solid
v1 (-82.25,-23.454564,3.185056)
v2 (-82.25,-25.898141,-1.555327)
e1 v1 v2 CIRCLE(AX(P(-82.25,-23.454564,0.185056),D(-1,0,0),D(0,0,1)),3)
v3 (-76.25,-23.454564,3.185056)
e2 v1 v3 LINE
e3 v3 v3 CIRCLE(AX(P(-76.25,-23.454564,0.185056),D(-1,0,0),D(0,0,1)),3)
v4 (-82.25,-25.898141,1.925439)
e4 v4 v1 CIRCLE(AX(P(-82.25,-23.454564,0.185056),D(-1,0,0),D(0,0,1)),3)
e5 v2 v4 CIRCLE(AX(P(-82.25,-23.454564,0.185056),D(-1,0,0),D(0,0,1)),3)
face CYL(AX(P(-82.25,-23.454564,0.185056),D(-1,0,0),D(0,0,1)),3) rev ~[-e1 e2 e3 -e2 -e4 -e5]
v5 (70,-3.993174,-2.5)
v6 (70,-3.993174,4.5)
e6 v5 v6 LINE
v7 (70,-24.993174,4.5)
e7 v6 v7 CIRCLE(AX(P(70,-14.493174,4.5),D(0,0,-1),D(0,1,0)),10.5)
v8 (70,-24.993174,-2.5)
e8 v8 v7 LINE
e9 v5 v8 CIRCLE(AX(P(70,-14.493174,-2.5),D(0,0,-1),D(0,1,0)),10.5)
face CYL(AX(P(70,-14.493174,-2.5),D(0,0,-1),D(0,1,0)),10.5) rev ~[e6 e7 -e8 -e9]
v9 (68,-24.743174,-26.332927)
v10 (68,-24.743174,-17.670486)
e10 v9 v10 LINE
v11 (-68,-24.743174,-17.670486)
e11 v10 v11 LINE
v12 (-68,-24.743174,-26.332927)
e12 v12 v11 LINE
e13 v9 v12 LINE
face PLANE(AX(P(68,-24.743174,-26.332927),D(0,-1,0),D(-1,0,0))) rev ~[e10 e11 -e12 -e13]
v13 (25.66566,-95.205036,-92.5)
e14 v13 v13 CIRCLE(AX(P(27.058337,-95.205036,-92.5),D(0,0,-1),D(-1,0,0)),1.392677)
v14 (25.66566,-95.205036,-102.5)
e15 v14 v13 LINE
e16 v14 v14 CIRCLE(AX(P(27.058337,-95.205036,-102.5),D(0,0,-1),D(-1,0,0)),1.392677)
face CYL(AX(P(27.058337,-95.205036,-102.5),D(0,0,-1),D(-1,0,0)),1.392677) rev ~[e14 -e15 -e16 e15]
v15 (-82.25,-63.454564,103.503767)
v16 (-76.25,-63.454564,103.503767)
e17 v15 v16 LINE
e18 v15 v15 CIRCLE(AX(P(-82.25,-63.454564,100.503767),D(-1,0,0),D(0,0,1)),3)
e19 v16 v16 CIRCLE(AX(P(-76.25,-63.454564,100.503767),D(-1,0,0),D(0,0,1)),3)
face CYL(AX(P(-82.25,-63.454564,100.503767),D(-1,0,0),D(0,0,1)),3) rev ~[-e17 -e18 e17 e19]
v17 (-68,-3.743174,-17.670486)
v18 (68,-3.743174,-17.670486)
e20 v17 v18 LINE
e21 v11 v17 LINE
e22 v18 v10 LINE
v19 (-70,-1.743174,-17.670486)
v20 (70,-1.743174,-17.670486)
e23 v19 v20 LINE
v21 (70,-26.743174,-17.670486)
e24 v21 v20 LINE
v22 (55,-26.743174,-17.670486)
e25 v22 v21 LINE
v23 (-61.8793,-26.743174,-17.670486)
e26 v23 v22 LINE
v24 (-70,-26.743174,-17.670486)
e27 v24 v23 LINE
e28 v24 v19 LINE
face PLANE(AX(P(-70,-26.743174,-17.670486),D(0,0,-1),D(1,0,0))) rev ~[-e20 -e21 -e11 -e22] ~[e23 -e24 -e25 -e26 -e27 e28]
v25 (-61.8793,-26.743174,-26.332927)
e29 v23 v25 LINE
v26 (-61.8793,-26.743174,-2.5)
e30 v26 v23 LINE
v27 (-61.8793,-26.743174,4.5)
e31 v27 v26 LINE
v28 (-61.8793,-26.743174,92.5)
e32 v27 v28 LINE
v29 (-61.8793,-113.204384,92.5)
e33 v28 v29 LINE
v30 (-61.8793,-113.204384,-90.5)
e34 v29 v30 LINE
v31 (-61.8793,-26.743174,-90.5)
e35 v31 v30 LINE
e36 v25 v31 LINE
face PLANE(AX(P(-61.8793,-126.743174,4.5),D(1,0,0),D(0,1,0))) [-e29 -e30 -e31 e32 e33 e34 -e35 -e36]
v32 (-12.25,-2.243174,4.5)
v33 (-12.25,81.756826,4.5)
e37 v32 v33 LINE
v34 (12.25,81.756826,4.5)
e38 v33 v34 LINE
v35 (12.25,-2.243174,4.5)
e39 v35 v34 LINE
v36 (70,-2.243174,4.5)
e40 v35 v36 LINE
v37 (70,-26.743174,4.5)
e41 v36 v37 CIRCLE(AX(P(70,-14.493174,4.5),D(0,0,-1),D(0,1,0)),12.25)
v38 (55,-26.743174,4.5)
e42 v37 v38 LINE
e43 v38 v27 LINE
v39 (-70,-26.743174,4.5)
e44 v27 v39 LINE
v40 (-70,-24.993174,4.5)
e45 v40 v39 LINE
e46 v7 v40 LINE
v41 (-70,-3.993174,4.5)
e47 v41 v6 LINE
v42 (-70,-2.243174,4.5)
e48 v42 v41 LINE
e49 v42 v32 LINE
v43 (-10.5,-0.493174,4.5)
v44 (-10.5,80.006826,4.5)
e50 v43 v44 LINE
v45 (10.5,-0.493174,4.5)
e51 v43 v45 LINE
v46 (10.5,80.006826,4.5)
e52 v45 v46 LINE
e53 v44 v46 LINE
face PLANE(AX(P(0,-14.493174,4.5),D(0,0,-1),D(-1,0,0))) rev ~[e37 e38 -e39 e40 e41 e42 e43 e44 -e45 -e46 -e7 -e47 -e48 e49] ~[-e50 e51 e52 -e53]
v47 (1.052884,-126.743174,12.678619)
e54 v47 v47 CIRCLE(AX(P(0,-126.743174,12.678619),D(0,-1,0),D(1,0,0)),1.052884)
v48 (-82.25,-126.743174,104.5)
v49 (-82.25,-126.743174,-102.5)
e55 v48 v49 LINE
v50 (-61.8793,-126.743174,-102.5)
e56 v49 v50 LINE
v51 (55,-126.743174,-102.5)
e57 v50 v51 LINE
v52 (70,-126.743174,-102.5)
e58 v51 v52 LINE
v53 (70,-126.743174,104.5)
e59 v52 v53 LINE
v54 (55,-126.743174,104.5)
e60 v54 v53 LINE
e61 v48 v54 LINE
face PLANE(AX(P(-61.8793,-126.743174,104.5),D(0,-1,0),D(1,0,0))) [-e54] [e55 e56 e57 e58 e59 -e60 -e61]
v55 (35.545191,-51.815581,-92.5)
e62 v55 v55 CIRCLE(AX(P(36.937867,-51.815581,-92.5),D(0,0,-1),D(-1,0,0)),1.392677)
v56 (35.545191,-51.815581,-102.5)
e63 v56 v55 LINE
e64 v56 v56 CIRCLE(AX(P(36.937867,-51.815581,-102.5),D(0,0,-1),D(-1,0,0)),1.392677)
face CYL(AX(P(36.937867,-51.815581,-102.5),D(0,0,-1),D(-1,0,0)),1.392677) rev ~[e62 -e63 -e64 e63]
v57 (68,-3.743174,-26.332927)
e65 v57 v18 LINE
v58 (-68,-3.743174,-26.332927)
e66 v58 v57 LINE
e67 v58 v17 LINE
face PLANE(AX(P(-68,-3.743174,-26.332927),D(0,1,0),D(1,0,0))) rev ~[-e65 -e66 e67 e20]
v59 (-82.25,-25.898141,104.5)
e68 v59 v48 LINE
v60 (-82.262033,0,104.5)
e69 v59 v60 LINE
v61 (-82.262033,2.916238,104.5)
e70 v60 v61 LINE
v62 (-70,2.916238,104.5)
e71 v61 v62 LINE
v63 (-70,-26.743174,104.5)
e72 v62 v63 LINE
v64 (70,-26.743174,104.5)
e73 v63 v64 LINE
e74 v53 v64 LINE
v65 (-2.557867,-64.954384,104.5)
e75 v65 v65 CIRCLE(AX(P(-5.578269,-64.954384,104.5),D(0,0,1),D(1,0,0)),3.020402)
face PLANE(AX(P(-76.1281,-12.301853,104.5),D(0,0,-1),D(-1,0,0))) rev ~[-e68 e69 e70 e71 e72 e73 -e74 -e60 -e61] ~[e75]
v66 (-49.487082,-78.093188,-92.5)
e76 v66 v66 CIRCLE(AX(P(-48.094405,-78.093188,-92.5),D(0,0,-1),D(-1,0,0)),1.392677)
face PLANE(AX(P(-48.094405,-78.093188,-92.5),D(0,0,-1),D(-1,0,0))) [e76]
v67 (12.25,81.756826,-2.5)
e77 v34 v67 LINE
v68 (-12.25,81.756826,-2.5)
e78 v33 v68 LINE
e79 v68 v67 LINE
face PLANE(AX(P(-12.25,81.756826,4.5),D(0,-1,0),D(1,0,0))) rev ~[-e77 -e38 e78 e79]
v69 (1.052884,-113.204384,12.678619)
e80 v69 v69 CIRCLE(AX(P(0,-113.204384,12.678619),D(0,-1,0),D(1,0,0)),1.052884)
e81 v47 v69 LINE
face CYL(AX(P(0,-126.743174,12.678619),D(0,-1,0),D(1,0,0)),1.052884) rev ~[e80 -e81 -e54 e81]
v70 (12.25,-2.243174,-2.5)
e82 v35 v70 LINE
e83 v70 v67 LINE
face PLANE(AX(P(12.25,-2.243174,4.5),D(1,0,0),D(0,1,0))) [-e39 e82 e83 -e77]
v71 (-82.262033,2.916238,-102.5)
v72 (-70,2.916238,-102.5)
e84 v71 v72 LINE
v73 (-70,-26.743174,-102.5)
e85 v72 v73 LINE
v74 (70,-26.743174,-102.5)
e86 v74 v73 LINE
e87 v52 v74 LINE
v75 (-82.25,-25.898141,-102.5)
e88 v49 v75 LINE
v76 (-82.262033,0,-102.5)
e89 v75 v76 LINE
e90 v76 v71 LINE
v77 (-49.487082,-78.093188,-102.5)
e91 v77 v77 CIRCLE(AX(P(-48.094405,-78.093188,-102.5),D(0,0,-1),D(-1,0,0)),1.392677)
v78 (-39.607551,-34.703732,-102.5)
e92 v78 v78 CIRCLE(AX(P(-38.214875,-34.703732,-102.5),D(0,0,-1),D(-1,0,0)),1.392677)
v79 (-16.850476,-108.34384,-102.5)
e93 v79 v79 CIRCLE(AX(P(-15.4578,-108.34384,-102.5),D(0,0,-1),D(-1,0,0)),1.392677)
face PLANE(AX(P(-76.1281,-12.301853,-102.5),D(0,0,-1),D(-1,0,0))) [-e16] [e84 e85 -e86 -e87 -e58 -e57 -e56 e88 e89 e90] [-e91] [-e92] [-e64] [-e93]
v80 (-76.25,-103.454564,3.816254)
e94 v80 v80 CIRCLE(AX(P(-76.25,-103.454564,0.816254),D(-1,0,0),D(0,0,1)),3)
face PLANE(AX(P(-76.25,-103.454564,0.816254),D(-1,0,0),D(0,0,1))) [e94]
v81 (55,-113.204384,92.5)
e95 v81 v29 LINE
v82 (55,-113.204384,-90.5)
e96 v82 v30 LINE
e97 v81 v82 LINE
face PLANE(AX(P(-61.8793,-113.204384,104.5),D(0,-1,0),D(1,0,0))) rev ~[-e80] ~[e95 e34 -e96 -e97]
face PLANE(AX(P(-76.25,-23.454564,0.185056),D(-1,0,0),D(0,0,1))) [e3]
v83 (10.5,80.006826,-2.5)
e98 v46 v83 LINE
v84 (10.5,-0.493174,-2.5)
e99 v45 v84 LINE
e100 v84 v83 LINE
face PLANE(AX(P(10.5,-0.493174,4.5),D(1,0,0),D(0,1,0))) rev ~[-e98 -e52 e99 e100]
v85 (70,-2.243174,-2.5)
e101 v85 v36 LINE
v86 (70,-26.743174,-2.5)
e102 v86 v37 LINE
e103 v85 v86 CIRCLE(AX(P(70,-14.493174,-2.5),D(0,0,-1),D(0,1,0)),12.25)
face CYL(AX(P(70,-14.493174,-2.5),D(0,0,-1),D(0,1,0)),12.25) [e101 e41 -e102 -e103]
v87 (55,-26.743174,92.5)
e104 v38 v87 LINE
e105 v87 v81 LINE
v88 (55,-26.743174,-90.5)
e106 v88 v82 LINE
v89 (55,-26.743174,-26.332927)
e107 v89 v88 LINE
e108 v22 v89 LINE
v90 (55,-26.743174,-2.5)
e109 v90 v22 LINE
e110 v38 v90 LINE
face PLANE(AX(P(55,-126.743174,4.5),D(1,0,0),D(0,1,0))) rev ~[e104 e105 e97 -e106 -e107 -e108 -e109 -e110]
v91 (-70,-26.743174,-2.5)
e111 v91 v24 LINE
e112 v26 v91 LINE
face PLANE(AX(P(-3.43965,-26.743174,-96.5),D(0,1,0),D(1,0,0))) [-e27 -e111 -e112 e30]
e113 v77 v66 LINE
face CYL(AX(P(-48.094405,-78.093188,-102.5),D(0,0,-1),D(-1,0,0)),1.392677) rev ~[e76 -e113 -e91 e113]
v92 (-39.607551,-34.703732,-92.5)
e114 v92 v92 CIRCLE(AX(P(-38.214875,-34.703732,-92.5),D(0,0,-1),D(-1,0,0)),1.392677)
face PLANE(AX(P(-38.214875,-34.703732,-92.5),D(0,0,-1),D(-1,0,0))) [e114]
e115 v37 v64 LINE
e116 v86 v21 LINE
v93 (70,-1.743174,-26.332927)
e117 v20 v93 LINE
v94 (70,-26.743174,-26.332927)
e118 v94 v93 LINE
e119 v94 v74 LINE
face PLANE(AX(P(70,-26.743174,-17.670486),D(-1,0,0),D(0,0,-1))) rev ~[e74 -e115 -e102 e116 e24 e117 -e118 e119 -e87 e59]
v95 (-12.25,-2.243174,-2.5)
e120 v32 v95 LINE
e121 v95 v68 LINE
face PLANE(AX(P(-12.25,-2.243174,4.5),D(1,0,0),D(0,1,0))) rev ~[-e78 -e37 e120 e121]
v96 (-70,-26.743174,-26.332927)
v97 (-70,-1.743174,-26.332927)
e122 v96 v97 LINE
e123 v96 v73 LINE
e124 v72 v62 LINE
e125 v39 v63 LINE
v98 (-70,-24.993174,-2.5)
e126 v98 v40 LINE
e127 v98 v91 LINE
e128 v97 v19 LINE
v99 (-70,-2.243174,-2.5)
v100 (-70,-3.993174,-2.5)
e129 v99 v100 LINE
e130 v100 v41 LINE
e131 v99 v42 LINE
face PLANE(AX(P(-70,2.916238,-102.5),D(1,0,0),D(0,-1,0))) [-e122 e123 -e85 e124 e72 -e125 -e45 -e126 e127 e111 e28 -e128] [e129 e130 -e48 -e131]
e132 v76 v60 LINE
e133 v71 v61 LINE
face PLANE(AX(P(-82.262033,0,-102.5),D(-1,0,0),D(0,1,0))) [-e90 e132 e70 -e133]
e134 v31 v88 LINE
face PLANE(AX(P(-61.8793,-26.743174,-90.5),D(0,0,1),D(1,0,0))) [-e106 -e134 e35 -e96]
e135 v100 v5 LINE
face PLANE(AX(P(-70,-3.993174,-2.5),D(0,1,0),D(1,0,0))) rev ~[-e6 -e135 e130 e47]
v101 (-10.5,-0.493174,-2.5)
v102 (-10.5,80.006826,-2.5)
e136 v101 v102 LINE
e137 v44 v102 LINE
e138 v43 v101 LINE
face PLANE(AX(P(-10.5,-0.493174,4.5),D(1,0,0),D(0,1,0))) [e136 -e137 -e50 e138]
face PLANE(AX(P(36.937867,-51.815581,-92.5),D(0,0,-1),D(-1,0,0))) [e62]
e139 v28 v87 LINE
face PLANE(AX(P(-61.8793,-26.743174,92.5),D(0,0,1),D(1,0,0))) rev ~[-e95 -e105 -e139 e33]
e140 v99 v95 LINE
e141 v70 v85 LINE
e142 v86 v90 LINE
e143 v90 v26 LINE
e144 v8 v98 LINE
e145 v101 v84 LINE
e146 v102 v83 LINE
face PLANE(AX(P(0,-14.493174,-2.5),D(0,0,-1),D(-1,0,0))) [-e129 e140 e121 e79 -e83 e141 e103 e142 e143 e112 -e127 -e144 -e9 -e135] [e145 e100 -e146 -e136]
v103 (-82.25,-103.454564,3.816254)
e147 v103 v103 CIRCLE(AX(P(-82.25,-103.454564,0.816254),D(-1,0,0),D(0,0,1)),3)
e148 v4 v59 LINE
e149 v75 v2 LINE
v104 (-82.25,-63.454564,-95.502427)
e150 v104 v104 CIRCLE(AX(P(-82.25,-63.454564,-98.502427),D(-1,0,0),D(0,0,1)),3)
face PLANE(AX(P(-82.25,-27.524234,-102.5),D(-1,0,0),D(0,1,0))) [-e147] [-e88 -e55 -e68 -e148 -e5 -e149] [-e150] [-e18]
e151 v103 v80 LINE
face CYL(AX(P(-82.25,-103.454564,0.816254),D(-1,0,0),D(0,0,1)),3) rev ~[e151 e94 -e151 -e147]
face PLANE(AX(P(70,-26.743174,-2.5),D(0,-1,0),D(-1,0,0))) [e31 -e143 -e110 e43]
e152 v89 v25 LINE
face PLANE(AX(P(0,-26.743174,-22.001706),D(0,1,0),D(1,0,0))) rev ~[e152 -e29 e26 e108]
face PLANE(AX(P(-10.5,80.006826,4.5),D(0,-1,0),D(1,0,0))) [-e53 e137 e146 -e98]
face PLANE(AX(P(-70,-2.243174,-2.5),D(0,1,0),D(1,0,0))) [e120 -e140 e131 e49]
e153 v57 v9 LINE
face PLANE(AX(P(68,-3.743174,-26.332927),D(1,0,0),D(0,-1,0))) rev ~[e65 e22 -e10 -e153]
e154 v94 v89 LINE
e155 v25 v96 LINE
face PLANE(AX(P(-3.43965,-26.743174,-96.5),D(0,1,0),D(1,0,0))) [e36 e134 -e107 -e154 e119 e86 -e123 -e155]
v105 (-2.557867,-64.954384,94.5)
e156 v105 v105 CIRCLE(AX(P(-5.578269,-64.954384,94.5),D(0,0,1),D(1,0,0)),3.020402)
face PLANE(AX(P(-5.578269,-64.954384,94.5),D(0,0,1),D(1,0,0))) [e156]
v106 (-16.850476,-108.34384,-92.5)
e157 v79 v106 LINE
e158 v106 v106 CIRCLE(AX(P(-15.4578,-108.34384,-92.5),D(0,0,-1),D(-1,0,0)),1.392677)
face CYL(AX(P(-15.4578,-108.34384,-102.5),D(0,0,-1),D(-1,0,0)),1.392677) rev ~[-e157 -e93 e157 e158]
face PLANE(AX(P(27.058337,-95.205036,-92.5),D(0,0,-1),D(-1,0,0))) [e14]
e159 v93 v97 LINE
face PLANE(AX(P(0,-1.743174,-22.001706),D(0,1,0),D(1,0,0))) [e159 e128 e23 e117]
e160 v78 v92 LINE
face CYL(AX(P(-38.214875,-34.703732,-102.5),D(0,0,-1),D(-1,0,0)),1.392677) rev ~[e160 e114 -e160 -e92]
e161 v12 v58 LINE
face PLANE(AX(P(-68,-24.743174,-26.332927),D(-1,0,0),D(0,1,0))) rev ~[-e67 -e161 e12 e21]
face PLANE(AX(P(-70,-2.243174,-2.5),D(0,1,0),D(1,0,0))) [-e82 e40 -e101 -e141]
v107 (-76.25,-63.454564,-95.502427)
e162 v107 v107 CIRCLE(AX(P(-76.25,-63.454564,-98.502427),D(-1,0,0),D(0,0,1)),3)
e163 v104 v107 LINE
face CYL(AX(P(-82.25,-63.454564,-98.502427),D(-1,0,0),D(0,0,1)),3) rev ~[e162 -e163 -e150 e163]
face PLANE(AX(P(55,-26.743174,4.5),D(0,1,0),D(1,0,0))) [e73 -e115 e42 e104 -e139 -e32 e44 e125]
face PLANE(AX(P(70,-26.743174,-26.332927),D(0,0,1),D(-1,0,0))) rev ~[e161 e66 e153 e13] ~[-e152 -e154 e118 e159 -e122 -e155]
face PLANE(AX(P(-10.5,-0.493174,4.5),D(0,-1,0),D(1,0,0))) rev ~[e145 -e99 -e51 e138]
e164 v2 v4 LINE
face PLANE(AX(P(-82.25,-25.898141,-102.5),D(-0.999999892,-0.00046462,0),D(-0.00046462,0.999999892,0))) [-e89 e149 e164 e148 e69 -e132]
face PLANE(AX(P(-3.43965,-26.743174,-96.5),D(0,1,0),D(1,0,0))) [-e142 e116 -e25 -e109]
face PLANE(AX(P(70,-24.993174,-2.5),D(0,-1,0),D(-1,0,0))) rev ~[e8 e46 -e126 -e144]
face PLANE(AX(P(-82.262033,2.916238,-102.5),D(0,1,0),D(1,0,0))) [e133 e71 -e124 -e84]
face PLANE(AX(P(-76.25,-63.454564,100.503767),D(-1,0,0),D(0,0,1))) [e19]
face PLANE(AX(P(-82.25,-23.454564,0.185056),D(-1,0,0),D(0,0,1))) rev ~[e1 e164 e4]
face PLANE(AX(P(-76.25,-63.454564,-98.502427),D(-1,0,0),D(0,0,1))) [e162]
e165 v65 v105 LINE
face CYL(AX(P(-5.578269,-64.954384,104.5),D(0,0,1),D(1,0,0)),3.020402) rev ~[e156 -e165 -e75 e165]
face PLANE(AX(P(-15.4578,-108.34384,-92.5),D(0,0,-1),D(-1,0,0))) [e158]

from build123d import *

# Parameters (mm, degrees)
EXTRUDE_1_DEPTH      = 2
SKETCH_2_W           = 7
SKETCH_2_H           = 24
SKETCH_2_W_2         = 6
SKETCH_2_H_2         = 23
EXTRUDE_2_DEPTH      = 2
SCALE_1_SCALE        = 3.5
SKETCH_4_W           = 15
SKETCH_4_H           = 100
EXTRUDE_3_DEPTH      = 100
EXTRUDE_3_DEPTH_BACK = 107
SKETCH_5_W           = 116.879299814
SKETCH_5_H           = 13.538789425
EXTRUDE_4_DEPTH      = 207
SKETCH_6_W           = 116.879299814
SKETCH_6_H           = 12
EXTRUDE_5_DEPTH      = 100
EXTRUDE_9_DEPTH      = 25
CUT_EXTRUDE_7_DEPTH  = 20
EXTRUDE_10_DEPTH     = 207
SKETCH_17_R          = 3
CUT_EXTRUDE_8_DEPTH  = 6
SKETCH_22_R          = 1.052884015
CUT_EXTRUDE_9_DEPTH  = 209.5
SKETCH_23_R          = 3.020401844
CUT_EXTRUDE_10_DEPTH = 10
SKETCH_25_R          = 1.39267654
CUT_EXTRUDE_11_DEPTH = 10


with BuildPart() as part:
    # 草图1 → 凸台-拉伸1 (new body)
    with BuildSketch(Plane.XY):
        with BuildLine():
            Line((20, -3.5), (-20, -3.5))
            ThreePointArc((-20, -3.5), (-23.5, 0), (-20, 3.5))
            Line((-20, 3.5), (20, 3.5))
            ThreePointArc((20, 3.5), (23.5, 0), (20, -3.5))
        make_face()
        with BuildLine():
            Line((20, -3), (-20, -3))
            ThreePointArc((-20, -3), (-23, 0), (-20, 3))
            Line((-20, 3), (20, 3))
            ThreePointArc((20, 3), (23, 0), (20, -3))
        make_face(mode=Mode.SUBTRACT)
    extrude(amount=EXTRUDE_1_DEPTH)

    # 草图2 → 凸台-拉伸2 (add)
    with BuildSketch(Plane.XY.offset(2)):
        with Locations((0, 15.5)):
            Rectangle(SKETCH_2_W, SKETCH_2_H)
        with Locations((0, 15.5)):
            Rectangle(SKETCH_2_W_2, SKETCH_2_H_2, mode=Mode.SUBTRACT)
    extrude(amount=-EXTRUDE_2_DEPTH)


with BuildPart() as part_1:
    # 缩放比例1: scaled about (0, 5.797269405, 1)
    add(part.part.scale(SCALE_1_SCALE).moved(Location((0, -14.493173513, -2.5))))

    # 草图4 → 凸台-拉伸3 (add, two sides)
    with BuildSketch(Plane.XY.offset(4.5)) as extrude_3_sk:
        with Locations((62.5, -76.743173512)):
            Rectangle(SKETCH_4_W, SKETCH_4_H)
        with BuildLine():
            Line((-82.25, -14.493173512), (-82.25, -126.743173512))
            Line((-82.25, -126.743173512), (-61.879299814, -126.743173512))
            Line((-61.879299814, -126.743173512), (-61.879299814, -26.743173512))
            Line((-61.879299814, -26.743173512), (-70, -26.743173512))
            ThreePointArc((-70, -26.743173512), (-78.66205807, -23.155231582), (-82.25, -14.493173512))
        make_face()
    extrude(amount=EXTRUDE_3_DEPTH)
    extrude(extrude_3_sk.sketch, amount=-EXTRUDE_3_DEPTH_BACK)

    # 草图5 → 凸台-拉伸4 (add)
    with BuildSketch(Plane.XY.offset(104.5)):
        with Locations((-3.439649907, -119.9737788)):
            Rectangle(SKETCH_5_W, SKETCH_5_H)
    extrude(amount=-EXTRUDE_4_DEPTH)

    # 草图6 → 凸台-拉伸5 (add)
    with BuildSketch(Plane(origin=(0, -26.743173512, 0), x_dir=(1, 0, 0), z_dir=(0, 1, 0))):
        with Locations((-3.439649907, 96.5)):
            Rectangle(SKETCH_6_W, SKETCH_6_H)
        with Locations((-3.439649907, -98.5)):
            Rectangle(SKETCH_6_W, SKETCH_6_H)
    extrude(amount=-EXTRUDE_5_DEPTH)

    # 草图13 → 凸台-拉伸9 (add)
    with BuildSketch(Plane(origin=(0, -26.743173512, 0), x_dir=(1, 0, 0), z_dir=(0, 1, 0))):
        Polygon((-61.879299814, 17.670485576), (70, 17.670485576), (70, 26.332926598), (-61.879299814, 26.332926598), (-70, 26.332926598), (-70, 17.670485576), align=None)
    extrude(amount=EXTRUDE_9_DEPTH)

    # 草图15 → 切除-拉伸7 (cut)
    with BuildSketch(Plane(origin=(0, 0, -26.332926598), x_dir=(-1, 0, 0), z_dir=(0, 0, -1))):
        Polygon((-68, -24.743173512), (-55, -24.743173512), (61.879299814, -24.743173512), (68, -24.743173512), (68, -3.743173512), (-68, -3.743173512), align=None)
    extrude(amount=-CUT_EXTRUDE_7_DEPTH, mode=Mode.SUBTRACT)

    # 草图16 → 凸台-拉伸10 (add)
    with BuildSketch(Plane(origin=(0, 0, -102.5), x_dir=(-1, 0, 0), z_dir=(0, 0, -1))):
        Polygon((70, 2.916238078), (70, -10.049559482), (70, -26.598724572), (70, -27.524233973), (82.25, -27.524233973), (82.25, -25.898140615), (82.262032783, 0), (82.262032783, 2.916238078), align=None)
    extrude(amount=-EXTRUDE_10_DEPTH)

    # 草图17 → 切除-拉伸8 (cut)
    with BuildSketch(Plane.ZY.offset(82.25)):
        with Locations((100.503767222, -63.454563981)):
            Circle(SKETCH_17_R)
        with Locations((0.185055836, -23.454563981)):
            Circle(SKETCH_17_R)
        with Locations((-98.502426721, -63.454563981)):
            Circle(SKETCH_17_R)
        with Locations((0.816253539, -103.454563981)):
            Circle(SKETCH_17_R)
    extrude(amount=-CUT_EXTRUDE_8_DEPTH, mode=Mode.SUBTRACT)

    # 草图22 → 切除-拉伸9 (cut, through all)
    with BuildSketch(Plane.XZ.offset(126.743173512)):
        with Locations((0, 12.678619429)):
            Circle(SKETCH_22_R)
    extrude(amount=-CUT_EXTRUDE_9_DEPTH, mode=Mode.SUBTRACT)

    # 草图23 → 切除-拉伸10 (cut)
    with BuildSketch(Plane.XY.offset(104.5)):
        with Locations((-5.57826907, -64.954384087)):
            Circle(SKETCH_23_R)
    extrude(amount=-CUT_EXTRUDE_10_DEPTH, mode=Mode.SUBTRACT)

    # 草图25 → 切除-拉伸11 (cut)
    with BuildSketch(Plane(origin=(0, 0, -102.5), x_dir=(-1, 0, 0), z_dir=(0, 0, -1))):
        with Locations((-36.937867187, -51.815580574)):
            Circle(SKETCH_25_R)
        with Locations((-4.301261441, -21.564928261)):
            Circle(SKETCH_25_R)
        with Locations((38.214874816, -34.703731774)):
            Circle(SKETCH_25_R)
        with Locations((48.094405328, -78.0931876)):
            Circle(SKETCH_25_R)
        with Locations((15.457799582, -108.343839913)):
            Circle(SKETCH_25_R)
        with Locations((-27.058336676, -95.2050364)):
            Circle(SKETCH_25_R)
    extrude(amount=-CUT_EXTRUDE_11_DEPTH, mode=Mode.SUBTRACT)


solid = part_1.part
